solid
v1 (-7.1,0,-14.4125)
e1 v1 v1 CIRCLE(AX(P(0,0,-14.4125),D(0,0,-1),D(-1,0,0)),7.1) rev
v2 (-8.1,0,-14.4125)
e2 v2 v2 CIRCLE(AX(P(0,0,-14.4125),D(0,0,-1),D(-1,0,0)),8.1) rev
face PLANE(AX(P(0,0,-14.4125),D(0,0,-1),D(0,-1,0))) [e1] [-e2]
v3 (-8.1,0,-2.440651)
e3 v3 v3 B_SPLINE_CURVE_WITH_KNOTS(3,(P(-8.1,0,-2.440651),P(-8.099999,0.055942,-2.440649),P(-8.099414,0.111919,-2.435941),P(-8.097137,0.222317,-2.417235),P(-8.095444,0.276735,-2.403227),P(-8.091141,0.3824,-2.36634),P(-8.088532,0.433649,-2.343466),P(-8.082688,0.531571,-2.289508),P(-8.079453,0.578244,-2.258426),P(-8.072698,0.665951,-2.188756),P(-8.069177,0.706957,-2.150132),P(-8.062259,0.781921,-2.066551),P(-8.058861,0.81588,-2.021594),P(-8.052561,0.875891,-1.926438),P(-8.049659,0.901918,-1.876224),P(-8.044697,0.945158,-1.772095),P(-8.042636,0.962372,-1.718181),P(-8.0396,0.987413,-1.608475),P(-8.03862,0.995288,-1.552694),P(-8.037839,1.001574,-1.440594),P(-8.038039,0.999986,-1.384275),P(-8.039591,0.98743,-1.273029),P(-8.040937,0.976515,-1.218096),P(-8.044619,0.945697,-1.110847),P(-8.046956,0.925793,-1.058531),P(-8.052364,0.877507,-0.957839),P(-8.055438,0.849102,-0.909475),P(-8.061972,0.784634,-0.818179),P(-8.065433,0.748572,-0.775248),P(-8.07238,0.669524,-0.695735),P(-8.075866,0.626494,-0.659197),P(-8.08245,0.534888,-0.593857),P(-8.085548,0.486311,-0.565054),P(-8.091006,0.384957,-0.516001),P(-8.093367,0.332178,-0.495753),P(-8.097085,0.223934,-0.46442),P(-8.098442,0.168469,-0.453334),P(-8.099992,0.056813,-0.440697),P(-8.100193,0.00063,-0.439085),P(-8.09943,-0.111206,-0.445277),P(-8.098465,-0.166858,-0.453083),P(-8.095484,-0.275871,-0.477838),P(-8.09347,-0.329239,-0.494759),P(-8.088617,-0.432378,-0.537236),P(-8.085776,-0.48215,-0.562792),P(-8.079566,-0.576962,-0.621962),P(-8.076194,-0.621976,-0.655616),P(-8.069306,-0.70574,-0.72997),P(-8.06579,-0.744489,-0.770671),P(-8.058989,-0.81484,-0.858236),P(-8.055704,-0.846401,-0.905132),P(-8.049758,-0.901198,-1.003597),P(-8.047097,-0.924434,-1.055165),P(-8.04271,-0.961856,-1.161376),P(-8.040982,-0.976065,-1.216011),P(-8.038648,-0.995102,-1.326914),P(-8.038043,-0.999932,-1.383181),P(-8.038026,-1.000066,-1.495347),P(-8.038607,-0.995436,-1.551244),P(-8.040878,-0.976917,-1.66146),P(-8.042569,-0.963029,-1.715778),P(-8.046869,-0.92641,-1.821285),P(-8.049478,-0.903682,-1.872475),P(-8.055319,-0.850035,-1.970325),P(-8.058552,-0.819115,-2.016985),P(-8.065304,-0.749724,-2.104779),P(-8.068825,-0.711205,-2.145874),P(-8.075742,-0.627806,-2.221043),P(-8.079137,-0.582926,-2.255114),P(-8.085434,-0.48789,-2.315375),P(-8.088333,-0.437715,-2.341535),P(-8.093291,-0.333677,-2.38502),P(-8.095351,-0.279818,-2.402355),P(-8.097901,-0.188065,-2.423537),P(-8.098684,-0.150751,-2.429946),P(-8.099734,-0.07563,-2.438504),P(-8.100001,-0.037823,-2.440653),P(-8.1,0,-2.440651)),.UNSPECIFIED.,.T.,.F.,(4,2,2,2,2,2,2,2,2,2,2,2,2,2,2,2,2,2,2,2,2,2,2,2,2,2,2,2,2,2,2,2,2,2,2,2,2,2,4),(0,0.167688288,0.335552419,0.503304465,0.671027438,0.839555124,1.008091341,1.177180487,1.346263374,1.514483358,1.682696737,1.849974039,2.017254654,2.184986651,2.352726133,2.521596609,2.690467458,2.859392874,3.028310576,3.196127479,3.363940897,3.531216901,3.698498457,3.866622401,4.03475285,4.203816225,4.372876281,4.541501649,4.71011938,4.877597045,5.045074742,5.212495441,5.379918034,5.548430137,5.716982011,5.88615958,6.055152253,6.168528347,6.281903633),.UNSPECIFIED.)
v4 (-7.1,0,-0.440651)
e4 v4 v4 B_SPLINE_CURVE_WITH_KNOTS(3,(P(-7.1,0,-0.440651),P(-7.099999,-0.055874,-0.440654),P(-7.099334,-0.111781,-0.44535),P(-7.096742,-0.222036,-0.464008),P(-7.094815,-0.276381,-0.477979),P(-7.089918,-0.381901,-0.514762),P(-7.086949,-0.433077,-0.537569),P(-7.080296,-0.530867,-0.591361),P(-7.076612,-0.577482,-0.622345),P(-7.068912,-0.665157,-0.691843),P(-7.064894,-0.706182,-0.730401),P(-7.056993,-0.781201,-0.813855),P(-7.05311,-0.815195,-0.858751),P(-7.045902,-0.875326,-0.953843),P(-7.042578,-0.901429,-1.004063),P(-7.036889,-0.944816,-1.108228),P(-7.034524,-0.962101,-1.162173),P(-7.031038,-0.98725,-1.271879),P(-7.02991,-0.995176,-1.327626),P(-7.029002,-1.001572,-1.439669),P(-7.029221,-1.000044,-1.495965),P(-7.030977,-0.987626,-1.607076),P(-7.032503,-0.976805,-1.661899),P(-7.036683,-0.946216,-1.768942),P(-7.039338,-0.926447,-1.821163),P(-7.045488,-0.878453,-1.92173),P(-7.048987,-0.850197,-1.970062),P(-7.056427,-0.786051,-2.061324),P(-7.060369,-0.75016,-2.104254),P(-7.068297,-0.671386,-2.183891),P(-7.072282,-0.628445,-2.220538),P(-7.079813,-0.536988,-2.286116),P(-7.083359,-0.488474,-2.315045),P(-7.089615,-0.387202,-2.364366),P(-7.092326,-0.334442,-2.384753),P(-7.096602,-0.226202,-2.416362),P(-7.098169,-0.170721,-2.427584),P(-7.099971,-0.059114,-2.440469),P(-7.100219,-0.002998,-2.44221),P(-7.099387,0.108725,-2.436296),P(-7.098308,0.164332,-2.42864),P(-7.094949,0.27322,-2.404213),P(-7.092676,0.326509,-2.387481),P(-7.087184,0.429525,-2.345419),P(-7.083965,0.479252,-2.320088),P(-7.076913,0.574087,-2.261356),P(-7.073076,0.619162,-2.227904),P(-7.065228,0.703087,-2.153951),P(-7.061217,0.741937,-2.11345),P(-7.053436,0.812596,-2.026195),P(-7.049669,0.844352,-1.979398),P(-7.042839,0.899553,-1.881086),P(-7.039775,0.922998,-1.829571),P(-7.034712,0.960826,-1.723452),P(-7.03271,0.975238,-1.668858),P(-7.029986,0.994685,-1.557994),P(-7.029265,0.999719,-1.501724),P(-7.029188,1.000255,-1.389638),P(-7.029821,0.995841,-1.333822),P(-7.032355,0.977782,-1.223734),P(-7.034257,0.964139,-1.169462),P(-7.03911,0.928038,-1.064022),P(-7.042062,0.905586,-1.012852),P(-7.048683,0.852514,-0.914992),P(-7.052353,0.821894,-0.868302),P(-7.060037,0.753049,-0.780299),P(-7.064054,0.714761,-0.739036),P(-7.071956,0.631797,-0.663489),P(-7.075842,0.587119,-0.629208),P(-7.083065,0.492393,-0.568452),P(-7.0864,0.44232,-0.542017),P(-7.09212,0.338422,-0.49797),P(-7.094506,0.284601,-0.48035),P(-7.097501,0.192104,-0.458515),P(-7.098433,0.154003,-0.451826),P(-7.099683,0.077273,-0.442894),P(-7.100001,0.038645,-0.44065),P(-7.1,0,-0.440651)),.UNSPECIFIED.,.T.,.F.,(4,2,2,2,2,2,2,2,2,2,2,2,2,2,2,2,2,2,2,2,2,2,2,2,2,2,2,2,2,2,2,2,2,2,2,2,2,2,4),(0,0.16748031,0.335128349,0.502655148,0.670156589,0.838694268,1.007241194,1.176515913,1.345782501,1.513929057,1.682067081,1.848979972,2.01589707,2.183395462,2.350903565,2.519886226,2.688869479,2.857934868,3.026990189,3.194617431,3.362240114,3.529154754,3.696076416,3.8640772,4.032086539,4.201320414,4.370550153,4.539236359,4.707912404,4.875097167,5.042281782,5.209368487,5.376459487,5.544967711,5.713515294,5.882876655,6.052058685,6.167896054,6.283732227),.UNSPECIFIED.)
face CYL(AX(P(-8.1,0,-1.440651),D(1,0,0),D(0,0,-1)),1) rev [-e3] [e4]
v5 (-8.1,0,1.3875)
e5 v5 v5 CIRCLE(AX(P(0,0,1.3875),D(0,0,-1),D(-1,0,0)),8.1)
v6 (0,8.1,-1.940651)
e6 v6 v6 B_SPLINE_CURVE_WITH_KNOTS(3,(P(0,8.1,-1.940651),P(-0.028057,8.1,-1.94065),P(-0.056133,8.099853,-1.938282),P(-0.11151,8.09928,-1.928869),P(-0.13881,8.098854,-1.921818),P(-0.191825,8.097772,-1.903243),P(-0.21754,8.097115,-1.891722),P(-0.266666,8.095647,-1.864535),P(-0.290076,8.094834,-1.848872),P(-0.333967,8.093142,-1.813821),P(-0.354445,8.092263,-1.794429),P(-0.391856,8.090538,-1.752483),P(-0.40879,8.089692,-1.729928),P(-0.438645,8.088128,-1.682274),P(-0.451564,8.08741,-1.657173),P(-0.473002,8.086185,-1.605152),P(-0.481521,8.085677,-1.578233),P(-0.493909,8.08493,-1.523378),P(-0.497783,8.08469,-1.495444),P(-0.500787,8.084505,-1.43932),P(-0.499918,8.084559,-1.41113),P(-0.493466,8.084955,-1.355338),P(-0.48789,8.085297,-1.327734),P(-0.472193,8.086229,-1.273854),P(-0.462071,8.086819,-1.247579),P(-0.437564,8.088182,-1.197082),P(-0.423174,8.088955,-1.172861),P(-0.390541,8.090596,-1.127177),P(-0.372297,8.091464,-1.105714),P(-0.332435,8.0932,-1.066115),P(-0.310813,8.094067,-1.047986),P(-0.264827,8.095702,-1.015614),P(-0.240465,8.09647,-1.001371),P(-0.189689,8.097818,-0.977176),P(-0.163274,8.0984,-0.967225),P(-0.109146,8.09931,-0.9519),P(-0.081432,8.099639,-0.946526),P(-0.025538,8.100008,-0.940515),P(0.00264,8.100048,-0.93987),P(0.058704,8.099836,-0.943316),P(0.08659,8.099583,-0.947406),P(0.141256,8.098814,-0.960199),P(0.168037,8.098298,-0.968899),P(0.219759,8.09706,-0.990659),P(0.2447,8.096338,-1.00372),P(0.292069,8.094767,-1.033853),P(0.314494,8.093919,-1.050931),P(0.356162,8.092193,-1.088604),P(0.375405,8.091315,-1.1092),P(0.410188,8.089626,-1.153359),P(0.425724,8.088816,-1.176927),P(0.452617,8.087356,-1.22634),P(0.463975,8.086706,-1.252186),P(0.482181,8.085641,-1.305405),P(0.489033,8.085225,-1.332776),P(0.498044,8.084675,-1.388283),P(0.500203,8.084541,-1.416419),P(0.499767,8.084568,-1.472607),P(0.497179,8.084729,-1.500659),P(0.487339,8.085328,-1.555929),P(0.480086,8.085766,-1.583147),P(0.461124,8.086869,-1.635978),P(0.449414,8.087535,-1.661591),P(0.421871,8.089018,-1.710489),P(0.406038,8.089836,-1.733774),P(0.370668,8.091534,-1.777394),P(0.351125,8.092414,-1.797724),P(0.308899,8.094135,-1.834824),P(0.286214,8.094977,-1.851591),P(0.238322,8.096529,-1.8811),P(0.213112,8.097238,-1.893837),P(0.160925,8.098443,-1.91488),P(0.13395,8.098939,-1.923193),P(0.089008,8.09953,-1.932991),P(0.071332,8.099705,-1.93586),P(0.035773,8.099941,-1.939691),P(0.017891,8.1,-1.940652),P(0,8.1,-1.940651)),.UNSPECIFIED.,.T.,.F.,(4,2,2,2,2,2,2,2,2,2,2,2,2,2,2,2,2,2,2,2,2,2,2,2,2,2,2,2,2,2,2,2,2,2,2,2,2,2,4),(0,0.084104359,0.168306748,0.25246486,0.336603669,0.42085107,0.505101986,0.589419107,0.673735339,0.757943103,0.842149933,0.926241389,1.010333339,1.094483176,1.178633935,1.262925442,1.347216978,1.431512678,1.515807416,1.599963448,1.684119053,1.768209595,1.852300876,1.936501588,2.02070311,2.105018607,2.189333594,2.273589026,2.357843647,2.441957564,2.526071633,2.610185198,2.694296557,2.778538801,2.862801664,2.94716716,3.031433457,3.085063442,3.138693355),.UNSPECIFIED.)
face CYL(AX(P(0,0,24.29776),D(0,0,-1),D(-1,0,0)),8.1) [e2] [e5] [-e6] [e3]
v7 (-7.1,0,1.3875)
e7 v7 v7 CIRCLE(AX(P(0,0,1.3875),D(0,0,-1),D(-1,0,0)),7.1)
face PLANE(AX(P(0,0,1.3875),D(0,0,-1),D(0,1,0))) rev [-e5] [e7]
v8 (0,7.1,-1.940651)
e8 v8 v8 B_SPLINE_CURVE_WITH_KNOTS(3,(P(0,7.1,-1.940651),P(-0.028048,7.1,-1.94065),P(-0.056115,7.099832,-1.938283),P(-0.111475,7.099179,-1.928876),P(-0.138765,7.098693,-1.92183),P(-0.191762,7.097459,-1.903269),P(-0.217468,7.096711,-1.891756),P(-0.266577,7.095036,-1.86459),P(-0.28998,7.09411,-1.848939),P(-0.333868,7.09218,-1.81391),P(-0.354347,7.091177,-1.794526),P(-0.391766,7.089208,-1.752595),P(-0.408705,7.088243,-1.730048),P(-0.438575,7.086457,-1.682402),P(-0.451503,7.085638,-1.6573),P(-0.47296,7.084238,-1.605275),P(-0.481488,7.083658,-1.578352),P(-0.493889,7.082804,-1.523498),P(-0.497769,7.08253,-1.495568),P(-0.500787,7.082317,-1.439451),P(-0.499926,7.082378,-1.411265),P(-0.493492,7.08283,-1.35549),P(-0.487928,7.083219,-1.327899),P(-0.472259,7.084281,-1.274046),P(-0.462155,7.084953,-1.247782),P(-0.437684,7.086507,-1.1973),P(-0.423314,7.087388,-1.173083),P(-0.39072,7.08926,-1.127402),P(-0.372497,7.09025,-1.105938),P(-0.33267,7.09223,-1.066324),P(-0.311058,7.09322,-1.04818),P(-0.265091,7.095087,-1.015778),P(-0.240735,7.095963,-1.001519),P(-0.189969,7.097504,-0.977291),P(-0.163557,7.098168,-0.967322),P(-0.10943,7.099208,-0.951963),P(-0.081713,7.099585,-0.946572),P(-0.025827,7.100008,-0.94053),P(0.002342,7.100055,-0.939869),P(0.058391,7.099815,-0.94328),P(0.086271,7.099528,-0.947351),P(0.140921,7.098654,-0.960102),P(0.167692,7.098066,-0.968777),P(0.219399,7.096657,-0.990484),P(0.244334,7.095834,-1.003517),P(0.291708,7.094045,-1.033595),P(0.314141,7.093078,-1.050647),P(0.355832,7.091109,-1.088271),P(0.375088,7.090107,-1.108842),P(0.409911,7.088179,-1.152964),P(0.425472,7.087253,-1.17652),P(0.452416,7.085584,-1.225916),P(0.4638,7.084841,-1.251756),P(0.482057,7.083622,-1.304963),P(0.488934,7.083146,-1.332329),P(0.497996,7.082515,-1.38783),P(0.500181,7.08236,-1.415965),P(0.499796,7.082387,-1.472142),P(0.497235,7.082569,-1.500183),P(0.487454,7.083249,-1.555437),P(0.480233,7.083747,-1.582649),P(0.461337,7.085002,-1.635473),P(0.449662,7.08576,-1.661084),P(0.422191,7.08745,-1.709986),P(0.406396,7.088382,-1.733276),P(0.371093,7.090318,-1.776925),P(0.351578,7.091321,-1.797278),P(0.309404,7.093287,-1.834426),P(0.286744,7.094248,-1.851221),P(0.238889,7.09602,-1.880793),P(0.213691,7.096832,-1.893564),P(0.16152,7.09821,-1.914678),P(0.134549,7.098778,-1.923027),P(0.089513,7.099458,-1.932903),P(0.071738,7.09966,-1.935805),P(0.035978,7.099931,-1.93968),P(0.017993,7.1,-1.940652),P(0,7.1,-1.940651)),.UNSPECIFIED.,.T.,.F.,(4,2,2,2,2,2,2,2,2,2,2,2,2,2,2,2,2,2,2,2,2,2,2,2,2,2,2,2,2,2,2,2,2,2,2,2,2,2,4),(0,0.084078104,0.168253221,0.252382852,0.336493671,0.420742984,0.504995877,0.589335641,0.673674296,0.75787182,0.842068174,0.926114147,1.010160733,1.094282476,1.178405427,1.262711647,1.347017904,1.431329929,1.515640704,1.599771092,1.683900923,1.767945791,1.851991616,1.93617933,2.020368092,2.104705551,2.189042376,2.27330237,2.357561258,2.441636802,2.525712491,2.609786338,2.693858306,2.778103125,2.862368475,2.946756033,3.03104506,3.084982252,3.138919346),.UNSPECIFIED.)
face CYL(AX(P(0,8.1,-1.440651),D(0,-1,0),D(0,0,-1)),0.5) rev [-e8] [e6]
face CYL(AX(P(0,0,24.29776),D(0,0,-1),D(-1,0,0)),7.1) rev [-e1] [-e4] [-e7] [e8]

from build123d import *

# Parameters (mm, degrees)
SKETCH1_R                = 8.1
SKETCH1_R_2              = 7.1
BOSS_EXTRUDE1_DEPTH      = 1.3875
BOSS_EXTRUDE1_DEPTH_BACK = 14.4125
SKETCH3_R                = 1
CUT_EXTRUDE1_DEPTH       = 9.1
SKETCH4_R                = 0.5
CUT_EXTRUDE2_DEPTH       = 9.1000001


with BuildPart() as part:
    # Sketch1 → Boss-Extrude1 (new body, two sides)
    with BuildSketch(Plane.XY) as boss_extrude1_sk:
        Circle(SKETCH1_R)
        Circle(SKETCH1_R_2, mode=Mode.SUBTRACT)
    extrude(amount=BOSS_EXTRUDE1_DEPTH)
    extrude(boss_extrude1_sk.sketch, amount=-BOSS_EXTRUDE1_DEPTH_BACK)

    # Sketch3 → Cut-Extrude1 (cut, through all)
    with BuildSketch(Plane(origin=(0, 0, 0), x_dir=(0, 0, -1), z_dir=(1, 0, 0))):
        with Locations((1.440651468, 0)):
            Circle(SKETCH3_R)
    extrude(amount=-CUT_EXTRUDE1_DEPTH, mode=Mode.SUBTRACT)

    # Sketch4 → Cut-Extrude2 (cut, through all)
    with BuildSketch(Plane(origin=(0, 0, 0), x_dir=(1, 0, 0), z_dir=(0, 1, 0))):
        with Locations((0, 1.440651468)):
            Circle(SKETCH4_R)
    extrude(amount=CUT_EXTRUDE2_DEPTH, mode=Mode.SUBTRACT)


solid = part.part
